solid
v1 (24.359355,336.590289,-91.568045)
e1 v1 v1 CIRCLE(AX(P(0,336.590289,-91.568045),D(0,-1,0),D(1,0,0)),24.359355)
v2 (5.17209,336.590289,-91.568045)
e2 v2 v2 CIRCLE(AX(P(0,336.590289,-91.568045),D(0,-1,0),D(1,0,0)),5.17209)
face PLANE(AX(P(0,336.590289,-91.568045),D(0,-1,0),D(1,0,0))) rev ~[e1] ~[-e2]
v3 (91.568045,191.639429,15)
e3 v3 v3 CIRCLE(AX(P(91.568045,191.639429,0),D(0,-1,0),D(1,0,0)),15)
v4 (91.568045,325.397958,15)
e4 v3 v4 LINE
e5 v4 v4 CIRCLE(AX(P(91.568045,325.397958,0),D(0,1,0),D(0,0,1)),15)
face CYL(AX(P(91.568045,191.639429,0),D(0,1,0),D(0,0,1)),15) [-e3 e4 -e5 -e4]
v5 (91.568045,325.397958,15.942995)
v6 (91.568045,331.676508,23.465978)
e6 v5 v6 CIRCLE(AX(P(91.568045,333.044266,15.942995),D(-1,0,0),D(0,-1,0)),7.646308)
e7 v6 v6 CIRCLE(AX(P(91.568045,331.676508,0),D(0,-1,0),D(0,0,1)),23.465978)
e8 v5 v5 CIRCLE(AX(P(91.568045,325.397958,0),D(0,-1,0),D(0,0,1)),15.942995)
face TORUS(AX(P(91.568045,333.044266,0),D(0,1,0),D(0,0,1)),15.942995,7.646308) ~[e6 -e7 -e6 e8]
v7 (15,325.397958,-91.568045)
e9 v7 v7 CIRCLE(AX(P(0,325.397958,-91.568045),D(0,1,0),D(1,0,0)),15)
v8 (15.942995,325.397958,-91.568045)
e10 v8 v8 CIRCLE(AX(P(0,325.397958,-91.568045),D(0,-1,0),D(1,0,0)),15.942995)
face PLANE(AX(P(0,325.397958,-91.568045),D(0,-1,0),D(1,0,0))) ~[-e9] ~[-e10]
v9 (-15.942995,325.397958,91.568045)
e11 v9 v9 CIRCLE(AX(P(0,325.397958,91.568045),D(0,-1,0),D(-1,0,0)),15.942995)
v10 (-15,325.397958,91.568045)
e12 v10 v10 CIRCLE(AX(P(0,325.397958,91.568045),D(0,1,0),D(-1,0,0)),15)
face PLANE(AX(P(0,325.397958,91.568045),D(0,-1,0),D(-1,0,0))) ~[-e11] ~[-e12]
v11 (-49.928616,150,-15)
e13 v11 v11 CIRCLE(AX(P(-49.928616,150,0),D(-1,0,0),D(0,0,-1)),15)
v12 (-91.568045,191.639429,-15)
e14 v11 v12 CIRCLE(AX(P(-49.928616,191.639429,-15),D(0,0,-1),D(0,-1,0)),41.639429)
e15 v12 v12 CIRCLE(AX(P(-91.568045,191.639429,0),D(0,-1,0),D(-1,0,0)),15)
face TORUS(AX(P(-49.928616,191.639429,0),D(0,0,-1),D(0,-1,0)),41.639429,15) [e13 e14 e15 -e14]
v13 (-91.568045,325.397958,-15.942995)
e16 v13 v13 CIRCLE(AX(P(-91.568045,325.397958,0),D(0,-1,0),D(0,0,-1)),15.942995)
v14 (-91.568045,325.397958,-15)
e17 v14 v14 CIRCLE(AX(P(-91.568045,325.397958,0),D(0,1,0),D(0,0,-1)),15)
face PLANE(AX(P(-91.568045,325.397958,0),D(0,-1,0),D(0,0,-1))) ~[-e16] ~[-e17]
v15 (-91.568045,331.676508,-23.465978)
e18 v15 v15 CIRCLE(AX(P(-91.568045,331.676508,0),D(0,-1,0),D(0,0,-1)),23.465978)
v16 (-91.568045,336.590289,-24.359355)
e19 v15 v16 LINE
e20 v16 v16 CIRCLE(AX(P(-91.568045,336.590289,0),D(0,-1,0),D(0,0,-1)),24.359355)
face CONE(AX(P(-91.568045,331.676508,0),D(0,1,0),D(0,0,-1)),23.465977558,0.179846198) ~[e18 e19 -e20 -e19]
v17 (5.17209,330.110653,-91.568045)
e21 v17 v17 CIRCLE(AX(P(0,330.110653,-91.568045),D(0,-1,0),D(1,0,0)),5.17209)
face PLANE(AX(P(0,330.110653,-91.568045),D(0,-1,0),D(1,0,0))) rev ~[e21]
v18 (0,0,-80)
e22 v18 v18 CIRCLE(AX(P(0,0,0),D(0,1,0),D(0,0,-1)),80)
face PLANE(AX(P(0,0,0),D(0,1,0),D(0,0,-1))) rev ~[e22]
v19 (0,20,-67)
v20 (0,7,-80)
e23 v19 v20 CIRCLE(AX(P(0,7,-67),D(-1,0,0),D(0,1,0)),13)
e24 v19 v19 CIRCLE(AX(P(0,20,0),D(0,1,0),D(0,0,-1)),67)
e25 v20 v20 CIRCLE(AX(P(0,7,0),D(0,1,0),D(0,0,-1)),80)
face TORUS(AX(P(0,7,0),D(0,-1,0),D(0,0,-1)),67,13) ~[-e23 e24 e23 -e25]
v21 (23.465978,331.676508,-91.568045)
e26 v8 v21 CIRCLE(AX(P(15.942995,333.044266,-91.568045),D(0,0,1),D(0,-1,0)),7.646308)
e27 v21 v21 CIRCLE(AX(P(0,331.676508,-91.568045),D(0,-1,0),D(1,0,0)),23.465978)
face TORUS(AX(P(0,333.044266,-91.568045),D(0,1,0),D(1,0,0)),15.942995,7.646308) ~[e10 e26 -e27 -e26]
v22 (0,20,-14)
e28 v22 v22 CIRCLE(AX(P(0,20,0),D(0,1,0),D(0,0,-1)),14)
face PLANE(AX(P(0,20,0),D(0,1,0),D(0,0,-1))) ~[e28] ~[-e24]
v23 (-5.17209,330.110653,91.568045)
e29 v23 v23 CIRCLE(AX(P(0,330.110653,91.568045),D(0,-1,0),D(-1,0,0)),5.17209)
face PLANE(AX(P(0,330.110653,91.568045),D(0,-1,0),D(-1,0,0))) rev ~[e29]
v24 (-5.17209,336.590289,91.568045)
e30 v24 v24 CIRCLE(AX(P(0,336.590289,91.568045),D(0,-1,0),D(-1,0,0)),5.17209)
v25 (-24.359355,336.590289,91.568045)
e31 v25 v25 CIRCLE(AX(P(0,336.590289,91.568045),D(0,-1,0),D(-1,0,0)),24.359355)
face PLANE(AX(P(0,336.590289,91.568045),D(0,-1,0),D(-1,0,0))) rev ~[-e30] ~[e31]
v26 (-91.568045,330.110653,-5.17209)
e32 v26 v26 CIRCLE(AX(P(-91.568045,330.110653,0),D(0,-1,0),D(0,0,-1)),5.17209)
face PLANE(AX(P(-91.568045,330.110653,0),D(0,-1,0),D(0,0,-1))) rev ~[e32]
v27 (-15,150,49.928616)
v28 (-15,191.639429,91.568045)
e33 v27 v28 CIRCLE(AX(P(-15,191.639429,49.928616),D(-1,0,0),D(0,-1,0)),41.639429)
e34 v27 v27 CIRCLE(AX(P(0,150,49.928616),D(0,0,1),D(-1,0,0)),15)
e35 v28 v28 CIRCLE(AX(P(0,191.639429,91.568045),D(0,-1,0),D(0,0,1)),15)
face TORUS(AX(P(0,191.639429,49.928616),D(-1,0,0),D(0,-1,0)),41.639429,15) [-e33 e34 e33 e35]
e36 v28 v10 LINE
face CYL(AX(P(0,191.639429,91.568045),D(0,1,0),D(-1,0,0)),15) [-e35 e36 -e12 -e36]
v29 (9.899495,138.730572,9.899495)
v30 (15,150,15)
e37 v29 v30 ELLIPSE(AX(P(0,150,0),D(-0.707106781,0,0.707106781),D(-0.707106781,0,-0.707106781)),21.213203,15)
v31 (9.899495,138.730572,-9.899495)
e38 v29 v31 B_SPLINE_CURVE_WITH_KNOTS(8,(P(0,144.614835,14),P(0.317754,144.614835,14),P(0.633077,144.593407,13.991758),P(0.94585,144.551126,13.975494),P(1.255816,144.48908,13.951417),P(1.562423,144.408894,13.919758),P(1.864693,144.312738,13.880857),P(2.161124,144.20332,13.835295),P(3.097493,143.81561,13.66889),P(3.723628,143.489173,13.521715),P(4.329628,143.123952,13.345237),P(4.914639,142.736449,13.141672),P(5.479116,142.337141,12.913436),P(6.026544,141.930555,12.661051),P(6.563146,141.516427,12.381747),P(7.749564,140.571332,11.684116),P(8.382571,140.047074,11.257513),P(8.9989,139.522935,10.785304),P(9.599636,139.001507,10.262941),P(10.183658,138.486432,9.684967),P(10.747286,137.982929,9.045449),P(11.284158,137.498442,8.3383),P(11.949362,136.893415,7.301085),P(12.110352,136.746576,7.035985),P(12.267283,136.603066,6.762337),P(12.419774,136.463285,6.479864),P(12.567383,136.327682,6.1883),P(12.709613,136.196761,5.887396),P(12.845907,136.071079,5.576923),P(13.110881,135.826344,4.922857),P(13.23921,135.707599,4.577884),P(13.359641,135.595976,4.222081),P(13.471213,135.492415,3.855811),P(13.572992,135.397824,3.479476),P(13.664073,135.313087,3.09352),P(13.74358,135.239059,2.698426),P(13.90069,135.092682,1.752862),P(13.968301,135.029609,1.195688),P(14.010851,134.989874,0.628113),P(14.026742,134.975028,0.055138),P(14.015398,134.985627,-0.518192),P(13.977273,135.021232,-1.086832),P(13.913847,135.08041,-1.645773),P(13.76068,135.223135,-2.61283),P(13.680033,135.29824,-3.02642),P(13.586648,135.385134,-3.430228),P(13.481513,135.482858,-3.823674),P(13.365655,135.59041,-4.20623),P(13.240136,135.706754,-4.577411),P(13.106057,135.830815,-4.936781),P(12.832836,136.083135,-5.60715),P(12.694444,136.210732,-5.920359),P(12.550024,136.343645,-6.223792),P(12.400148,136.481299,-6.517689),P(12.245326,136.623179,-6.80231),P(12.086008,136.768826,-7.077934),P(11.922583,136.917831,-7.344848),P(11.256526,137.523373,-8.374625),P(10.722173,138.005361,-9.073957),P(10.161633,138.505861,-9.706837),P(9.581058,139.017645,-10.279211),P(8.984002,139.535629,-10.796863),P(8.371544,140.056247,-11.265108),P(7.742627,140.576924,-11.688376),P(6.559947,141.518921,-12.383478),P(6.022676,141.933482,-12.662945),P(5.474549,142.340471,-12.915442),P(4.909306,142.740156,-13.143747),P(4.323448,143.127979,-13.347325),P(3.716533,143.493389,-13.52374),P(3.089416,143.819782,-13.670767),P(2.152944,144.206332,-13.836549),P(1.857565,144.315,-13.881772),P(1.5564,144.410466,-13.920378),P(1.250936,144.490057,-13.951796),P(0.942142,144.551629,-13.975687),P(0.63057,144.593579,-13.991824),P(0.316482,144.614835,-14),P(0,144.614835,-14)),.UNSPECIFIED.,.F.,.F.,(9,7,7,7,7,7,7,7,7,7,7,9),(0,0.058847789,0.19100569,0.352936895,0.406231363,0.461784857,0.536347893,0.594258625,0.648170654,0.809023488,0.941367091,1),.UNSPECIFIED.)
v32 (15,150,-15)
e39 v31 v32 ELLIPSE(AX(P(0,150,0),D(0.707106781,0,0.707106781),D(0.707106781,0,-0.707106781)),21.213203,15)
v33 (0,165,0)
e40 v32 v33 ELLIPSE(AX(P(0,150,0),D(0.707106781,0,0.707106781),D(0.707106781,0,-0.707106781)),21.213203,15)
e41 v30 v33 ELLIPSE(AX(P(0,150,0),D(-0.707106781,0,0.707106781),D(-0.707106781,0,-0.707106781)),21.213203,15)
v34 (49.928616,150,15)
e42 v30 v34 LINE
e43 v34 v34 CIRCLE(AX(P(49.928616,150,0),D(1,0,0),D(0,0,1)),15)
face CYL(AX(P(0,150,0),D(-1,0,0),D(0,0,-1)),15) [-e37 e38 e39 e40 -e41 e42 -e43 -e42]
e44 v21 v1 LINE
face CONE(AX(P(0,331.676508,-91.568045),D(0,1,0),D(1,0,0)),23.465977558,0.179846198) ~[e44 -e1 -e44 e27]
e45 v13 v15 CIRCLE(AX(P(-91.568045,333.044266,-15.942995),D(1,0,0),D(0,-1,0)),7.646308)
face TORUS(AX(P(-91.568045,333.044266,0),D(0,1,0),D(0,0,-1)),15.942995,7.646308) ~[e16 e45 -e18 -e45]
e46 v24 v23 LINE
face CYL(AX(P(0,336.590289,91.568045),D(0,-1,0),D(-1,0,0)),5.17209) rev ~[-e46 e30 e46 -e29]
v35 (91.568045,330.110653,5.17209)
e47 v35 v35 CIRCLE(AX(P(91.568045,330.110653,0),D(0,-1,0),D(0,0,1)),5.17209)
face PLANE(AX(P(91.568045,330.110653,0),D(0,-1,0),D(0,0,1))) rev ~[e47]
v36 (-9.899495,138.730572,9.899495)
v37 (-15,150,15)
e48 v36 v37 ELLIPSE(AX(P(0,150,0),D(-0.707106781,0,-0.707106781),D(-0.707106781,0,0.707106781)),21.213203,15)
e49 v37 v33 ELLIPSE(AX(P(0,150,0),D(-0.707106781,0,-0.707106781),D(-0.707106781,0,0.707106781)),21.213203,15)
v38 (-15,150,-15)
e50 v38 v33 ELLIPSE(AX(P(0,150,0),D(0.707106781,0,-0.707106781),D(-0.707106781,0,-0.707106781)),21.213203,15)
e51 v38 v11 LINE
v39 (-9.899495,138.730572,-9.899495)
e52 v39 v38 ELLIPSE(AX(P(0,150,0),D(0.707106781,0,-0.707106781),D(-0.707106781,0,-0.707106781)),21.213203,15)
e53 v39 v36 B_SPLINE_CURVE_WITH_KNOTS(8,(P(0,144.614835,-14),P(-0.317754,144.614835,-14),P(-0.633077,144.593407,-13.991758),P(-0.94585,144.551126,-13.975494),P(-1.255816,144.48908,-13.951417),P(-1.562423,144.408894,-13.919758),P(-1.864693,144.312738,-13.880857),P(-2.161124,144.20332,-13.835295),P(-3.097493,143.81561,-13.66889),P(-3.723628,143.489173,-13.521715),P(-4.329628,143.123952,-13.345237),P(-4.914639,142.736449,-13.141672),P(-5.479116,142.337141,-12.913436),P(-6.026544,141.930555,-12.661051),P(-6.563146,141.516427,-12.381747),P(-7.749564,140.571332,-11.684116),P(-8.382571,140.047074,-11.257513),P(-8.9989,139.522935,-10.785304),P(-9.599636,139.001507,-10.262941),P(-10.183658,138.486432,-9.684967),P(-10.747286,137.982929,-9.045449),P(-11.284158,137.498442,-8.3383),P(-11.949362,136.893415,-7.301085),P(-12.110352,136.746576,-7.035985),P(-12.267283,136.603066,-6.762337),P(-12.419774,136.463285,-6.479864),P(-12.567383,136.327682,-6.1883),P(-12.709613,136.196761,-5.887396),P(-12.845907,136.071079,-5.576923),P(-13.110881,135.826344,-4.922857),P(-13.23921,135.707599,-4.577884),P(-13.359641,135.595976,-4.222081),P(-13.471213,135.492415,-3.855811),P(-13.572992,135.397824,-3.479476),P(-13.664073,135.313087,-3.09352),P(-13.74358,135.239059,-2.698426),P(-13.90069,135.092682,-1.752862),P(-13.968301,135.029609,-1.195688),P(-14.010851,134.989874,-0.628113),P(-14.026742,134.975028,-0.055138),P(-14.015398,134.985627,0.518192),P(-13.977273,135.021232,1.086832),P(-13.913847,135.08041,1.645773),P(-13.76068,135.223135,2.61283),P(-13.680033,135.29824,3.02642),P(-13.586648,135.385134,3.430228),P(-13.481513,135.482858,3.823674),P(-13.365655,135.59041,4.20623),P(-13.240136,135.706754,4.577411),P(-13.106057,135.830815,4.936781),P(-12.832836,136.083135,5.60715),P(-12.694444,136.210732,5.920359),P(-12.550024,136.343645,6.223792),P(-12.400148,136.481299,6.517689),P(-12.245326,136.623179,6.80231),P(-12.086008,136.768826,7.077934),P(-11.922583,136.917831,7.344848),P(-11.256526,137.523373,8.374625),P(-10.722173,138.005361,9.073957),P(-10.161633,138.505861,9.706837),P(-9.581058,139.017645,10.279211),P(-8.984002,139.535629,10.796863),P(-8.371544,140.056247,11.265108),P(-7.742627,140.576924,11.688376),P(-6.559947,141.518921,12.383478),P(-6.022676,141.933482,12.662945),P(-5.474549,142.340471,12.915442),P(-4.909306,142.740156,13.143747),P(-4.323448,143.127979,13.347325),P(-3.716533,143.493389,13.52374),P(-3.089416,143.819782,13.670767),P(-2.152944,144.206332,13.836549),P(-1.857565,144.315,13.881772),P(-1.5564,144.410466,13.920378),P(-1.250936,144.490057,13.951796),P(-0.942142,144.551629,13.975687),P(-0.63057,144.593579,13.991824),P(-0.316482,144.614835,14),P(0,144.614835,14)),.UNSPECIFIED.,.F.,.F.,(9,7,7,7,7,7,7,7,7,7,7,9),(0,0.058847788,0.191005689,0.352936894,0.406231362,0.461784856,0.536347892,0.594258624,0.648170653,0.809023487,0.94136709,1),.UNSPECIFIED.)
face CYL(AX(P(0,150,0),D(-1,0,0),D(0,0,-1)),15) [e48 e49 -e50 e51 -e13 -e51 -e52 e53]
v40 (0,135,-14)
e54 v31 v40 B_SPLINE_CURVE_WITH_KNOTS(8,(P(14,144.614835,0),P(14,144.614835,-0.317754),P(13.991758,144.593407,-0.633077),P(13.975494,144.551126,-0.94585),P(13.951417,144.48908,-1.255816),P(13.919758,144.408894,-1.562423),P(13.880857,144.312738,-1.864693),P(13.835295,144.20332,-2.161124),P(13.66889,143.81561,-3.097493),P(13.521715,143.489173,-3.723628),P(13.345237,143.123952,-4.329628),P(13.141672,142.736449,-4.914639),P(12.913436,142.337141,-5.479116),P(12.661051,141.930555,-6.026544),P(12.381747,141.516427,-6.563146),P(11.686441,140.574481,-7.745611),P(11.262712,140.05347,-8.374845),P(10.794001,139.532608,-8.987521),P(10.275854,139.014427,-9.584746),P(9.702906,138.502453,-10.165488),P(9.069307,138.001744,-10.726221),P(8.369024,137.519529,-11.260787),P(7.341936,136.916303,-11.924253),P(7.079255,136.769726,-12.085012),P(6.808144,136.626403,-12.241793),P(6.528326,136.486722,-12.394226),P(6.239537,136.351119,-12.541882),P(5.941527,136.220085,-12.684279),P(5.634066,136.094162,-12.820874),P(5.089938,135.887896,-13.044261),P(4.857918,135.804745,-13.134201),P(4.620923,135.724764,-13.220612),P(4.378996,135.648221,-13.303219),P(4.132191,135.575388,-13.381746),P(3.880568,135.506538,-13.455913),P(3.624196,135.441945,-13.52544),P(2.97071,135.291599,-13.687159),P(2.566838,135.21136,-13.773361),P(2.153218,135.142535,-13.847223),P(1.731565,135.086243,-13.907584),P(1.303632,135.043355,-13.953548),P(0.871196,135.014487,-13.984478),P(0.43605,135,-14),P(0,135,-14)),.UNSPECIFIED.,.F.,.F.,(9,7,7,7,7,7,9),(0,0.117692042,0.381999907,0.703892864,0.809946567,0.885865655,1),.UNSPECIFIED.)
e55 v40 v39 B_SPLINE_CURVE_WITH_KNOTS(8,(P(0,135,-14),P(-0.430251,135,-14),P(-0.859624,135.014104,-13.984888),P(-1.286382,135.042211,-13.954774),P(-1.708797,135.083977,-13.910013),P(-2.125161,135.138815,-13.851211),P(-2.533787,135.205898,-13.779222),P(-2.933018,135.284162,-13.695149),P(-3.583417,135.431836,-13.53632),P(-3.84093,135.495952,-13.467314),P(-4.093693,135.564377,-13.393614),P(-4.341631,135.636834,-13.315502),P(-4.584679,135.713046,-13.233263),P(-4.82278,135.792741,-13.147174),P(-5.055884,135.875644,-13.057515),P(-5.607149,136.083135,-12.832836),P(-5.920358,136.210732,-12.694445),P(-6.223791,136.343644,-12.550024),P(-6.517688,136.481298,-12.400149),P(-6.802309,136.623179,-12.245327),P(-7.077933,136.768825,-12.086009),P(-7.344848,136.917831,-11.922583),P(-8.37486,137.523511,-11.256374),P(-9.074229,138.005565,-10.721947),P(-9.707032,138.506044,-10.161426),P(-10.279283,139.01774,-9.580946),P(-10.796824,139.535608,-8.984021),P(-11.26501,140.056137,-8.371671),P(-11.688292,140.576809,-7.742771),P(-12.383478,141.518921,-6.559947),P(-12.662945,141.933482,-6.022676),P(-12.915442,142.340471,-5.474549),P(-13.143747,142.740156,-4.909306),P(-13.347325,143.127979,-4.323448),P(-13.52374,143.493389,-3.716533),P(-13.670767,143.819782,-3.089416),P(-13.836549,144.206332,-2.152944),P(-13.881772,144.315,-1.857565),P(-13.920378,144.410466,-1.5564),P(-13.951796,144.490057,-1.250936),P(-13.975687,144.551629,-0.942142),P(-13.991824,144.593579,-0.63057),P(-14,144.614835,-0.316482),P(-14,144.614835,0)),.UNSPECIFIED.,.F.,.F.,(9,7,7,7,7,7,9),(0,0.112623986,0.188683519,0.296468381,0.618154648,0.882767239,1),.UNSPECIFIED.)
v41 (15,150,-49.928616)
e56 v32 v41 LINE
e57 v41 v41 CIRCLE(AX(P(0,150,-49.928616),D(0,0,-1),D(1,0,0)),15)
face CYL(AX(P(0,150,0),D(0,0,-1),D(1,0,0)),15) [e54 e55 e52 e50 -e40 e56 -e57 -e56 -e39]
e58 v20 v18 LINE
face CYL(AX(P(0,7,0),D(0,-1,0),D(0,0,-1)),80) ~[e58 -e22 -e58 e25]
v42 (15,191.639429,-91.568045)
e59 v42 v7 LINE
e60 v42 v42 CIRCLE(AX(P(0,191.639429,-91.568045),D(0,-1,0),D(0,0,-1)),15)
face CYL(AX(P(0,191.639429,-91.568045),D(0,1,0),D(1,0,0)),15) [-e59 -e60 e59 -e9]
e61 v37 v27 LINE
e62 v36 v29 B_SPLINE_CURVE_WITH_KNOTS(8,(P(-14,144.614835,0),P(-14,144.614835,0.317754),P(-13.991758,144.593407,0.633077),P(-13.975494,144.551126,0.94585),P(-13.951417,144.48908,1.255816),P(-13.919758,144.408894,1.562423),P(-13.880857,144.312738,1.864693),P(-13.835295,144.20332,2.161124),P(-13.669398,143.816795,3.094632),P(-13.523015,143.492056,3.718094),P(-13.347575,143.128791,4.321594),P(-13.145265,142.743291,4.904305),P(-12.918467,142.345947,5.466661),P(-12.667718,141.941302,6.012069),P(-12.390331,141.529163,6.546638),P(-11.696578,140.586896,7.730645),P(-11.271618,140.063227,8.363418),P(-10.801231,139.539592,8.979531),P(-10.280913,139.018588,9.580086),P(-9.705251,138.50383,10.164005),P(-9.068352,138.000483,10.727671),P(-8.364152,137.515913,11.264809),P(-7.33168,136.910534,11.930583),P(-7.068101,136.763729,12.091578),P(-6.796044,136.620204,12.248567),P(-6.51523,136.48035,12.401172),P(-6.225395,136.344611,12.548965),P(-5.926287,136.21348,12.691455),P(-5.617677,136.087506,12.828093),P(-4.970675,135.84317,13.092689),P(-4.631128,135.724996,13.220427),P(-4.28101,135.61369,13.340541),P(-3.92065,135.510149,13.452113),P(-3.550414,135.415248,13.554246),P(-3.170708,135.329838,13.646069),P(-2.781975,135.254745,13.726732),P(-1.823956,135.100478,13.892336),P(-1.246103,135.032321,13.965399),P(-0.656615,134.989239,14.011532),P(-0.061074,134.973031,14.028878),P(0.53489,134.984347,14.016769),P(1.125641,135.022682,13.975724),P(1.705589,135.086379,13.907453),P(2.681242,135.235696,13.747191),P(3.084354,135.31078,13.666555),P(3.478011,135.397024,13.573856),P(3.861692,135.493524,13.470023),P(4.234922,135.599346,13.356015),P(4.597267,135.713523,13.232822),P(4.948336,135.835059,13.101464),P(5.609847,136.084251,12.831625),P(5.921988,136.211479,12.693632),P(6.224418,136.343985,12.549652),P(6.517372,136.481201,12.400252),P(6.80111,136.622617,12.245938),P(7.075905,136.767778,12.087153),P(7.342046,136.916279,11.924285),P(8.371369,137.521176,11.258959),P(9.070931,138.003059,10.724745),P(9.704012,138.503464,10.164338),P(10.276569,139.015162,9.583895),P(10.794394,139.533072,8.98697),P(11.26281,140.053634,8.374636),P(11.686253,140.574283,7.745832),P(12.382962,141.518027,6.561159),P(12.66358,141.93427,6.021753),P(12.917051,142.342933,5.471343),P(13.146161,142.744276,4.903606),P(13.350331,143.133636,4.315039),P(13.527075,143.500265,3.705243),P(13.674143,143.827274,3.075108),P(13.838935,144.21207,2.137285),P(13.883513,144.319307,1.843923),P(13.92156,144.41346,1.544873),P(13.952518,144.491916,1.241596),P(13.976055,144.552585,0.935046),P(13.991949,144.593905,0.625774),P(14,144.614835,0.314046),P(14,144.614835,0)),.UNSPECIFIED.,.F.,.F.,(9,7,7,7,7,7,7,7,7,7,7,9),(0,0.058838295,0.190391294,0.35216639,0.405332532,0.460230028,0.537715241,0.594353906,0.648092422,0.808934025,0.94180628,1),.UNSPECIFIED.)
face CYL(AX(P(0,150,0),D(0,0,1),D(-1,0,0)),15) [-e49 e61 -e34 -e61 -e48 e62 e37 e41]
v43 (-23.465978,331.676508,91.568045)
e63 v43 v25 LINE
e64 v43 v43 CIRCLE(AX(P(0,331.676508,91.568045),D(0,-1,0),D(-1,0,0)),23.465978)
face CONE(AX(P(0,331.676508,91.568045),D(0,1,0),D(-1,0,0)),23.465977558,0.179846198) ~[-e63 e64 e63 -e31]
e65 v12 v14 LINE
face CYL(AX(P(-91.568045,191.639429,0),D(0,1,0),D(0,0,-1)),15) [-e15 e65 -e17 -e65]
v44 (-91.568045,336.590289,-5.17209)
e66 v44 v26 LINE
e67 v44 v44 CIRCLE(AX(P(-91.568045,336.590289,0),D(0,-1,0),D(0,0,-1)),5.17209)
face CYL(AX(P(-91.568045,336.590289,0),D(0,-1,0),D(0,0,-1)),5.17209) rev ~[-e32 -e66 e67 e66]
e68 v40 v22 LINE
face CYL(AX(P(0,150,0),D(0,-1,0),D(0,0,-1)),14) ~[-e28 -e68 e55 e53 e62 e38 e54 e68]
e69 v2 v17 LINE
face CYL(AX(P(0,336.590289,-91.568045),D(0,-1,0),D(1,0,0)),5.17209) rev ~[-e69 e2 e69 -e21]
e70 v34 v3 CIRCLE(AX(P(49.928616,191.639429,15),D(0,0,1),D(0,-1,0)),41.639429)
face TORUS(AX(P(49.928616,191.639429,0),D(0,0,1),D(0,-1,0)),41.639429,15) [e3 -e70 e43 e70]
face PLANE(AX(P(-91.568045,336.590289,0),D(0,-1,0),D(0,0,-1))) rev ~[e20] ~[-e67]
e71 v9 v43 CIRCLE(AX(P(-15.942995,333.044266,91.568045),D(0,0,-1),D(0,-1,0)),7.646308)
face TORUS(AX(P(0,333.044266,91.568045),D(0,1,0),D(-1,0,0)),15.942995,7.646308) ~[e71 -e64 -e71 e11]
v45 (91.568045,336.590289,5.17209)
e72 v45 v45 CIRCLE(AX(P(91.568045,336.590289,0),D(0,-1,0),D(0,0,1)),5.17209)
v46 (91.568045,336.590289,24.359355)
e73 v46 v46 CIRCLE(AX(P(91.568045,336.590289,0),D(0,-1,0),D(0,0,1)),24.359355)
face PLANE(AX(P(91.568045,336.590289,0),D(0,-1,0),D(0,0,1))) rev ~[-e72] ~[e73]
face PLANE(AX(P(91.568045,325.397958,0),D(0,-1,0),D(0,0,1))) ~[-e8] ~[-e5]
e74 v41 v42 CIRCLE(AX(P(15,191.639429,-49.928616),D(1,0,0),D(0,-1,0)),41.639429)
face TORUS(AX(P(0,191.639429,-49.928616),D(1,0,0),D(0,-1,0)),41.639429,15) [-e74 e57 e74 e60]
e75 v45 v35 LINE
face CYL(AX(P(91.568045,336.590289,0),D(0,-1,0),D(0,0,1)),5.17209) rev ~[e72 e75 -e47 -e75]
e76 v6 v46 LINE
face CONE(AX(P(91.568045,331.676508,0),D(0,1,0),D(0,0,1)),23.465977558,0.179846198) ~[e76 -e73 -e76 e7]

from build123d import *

# Parameters (mm, degrees)
SWEEP1_PROFILE_R  = 15
CIRPATTERN1_COUNT = 4
CIRPATTERN2_COUNT = 4


with BuildPart() as part:
    # Sketch1 → Revolve1 (revolve)
    with BuildSketch(Plane.XY, mode=Mode.PRIVATE) as revolve1_sk:
        with BuildLine():
            Line((0, 0), (0, 150))
            Line((0, 150), (14, 150))
            Line((14, 150), (14, 20))
            Line((14, 20), (67, 20))
            ThreePointArc((67, 20), (76.192388155, 16.192388155), (80, 7))
            Line((80, 7), (80, 0))
            Line((80, 0), (0, 0))
        make_face()
    revolve(revolve1_sk.sketch.rotate(Axis((0, 0, 0), (0, 1, 0)), 90), axis=Axis((0, 0, 0), (0, 1, 0)))

    # Sweep1: sweep along a path in Sketch2
    with BuildLine(Plane.XY) as sweep1_path:
        Line((0, 150), (49.928615656, 150))
        ThreePointArc((49.928615656, 150), (79.372138587, 162.195906522), (91.56804511, 191.639429454))
        Line((91.56804511, 191.639429454), (91.56804511, 325.397957769))
    # Sweep1 profile (on start of the path) → Sweep1 (sweep)
    with BuildSketch(Plane(origin=(0, 150, 0), x_dir=(0, 0, 1), z_dir=(1, 0, 0))):
        Circle(SWEEP1_PROFILE_R)
    sweep1 = sweep(path=sweep1_path.line)

    # CirPattern1: Sweep1 ×4 about axis
    cirpattern1_axis = Axis((0, 0, 0), (0, 1, 0))
    for i in range(1, CIRPATTERN1_COUNT):
        add(sweep1.rotate(cirpattern1_axis, i * 360 / CIRPATTERN1_COUNT))

    # Sketch18 → Revolve2 (revolve)
    with BuildSketch(Plane.XY.offset(91.56804511), mode=Mode.PRIVATE) as revolve2_sk:
        with BuildLine():
            Line((0, 325.397957769), (15.94299518, 325.397957769))
            ThreePointArc((15.94299518, 325.397957769), (20.842368901, 327.173817467), (23.465977558, 331.676507566))
            Line((23.465977558, 331.676507566), (24.359355308, 336.590289053))
            Line((24.359355308, 336.590289053), (5.172089719, 336.590289053))
            Line((5.172089719, 336.590289053), (5.172089719, 330.110653397))
            Line((5.172089719, 330.110653397), (0, 330.110653397))
            Line((0, 330.110653397), (0, 325.397957769))
        make_face()
    revolve2 = revolve(revolve2_sk.sketch.rotate(Axis((0, 330.110653397, 91.56804511), (0, -1, 0)), 180), axis=Axis((0, 330.110653397, 91.56804511), (0, -1, 0)))

    # CirPattern2: Revolve2 ×4 about axis
    cirpattern2_axis = Axis((0, 0, 0), (0, 1, 0))
    for i in range(1, CIRPATTERN2_COUNT):
        add(revolve2.rotate(cirpattern2_axis, i * 360 / CIRPATTERN2_COUNT))


solid = part.part
